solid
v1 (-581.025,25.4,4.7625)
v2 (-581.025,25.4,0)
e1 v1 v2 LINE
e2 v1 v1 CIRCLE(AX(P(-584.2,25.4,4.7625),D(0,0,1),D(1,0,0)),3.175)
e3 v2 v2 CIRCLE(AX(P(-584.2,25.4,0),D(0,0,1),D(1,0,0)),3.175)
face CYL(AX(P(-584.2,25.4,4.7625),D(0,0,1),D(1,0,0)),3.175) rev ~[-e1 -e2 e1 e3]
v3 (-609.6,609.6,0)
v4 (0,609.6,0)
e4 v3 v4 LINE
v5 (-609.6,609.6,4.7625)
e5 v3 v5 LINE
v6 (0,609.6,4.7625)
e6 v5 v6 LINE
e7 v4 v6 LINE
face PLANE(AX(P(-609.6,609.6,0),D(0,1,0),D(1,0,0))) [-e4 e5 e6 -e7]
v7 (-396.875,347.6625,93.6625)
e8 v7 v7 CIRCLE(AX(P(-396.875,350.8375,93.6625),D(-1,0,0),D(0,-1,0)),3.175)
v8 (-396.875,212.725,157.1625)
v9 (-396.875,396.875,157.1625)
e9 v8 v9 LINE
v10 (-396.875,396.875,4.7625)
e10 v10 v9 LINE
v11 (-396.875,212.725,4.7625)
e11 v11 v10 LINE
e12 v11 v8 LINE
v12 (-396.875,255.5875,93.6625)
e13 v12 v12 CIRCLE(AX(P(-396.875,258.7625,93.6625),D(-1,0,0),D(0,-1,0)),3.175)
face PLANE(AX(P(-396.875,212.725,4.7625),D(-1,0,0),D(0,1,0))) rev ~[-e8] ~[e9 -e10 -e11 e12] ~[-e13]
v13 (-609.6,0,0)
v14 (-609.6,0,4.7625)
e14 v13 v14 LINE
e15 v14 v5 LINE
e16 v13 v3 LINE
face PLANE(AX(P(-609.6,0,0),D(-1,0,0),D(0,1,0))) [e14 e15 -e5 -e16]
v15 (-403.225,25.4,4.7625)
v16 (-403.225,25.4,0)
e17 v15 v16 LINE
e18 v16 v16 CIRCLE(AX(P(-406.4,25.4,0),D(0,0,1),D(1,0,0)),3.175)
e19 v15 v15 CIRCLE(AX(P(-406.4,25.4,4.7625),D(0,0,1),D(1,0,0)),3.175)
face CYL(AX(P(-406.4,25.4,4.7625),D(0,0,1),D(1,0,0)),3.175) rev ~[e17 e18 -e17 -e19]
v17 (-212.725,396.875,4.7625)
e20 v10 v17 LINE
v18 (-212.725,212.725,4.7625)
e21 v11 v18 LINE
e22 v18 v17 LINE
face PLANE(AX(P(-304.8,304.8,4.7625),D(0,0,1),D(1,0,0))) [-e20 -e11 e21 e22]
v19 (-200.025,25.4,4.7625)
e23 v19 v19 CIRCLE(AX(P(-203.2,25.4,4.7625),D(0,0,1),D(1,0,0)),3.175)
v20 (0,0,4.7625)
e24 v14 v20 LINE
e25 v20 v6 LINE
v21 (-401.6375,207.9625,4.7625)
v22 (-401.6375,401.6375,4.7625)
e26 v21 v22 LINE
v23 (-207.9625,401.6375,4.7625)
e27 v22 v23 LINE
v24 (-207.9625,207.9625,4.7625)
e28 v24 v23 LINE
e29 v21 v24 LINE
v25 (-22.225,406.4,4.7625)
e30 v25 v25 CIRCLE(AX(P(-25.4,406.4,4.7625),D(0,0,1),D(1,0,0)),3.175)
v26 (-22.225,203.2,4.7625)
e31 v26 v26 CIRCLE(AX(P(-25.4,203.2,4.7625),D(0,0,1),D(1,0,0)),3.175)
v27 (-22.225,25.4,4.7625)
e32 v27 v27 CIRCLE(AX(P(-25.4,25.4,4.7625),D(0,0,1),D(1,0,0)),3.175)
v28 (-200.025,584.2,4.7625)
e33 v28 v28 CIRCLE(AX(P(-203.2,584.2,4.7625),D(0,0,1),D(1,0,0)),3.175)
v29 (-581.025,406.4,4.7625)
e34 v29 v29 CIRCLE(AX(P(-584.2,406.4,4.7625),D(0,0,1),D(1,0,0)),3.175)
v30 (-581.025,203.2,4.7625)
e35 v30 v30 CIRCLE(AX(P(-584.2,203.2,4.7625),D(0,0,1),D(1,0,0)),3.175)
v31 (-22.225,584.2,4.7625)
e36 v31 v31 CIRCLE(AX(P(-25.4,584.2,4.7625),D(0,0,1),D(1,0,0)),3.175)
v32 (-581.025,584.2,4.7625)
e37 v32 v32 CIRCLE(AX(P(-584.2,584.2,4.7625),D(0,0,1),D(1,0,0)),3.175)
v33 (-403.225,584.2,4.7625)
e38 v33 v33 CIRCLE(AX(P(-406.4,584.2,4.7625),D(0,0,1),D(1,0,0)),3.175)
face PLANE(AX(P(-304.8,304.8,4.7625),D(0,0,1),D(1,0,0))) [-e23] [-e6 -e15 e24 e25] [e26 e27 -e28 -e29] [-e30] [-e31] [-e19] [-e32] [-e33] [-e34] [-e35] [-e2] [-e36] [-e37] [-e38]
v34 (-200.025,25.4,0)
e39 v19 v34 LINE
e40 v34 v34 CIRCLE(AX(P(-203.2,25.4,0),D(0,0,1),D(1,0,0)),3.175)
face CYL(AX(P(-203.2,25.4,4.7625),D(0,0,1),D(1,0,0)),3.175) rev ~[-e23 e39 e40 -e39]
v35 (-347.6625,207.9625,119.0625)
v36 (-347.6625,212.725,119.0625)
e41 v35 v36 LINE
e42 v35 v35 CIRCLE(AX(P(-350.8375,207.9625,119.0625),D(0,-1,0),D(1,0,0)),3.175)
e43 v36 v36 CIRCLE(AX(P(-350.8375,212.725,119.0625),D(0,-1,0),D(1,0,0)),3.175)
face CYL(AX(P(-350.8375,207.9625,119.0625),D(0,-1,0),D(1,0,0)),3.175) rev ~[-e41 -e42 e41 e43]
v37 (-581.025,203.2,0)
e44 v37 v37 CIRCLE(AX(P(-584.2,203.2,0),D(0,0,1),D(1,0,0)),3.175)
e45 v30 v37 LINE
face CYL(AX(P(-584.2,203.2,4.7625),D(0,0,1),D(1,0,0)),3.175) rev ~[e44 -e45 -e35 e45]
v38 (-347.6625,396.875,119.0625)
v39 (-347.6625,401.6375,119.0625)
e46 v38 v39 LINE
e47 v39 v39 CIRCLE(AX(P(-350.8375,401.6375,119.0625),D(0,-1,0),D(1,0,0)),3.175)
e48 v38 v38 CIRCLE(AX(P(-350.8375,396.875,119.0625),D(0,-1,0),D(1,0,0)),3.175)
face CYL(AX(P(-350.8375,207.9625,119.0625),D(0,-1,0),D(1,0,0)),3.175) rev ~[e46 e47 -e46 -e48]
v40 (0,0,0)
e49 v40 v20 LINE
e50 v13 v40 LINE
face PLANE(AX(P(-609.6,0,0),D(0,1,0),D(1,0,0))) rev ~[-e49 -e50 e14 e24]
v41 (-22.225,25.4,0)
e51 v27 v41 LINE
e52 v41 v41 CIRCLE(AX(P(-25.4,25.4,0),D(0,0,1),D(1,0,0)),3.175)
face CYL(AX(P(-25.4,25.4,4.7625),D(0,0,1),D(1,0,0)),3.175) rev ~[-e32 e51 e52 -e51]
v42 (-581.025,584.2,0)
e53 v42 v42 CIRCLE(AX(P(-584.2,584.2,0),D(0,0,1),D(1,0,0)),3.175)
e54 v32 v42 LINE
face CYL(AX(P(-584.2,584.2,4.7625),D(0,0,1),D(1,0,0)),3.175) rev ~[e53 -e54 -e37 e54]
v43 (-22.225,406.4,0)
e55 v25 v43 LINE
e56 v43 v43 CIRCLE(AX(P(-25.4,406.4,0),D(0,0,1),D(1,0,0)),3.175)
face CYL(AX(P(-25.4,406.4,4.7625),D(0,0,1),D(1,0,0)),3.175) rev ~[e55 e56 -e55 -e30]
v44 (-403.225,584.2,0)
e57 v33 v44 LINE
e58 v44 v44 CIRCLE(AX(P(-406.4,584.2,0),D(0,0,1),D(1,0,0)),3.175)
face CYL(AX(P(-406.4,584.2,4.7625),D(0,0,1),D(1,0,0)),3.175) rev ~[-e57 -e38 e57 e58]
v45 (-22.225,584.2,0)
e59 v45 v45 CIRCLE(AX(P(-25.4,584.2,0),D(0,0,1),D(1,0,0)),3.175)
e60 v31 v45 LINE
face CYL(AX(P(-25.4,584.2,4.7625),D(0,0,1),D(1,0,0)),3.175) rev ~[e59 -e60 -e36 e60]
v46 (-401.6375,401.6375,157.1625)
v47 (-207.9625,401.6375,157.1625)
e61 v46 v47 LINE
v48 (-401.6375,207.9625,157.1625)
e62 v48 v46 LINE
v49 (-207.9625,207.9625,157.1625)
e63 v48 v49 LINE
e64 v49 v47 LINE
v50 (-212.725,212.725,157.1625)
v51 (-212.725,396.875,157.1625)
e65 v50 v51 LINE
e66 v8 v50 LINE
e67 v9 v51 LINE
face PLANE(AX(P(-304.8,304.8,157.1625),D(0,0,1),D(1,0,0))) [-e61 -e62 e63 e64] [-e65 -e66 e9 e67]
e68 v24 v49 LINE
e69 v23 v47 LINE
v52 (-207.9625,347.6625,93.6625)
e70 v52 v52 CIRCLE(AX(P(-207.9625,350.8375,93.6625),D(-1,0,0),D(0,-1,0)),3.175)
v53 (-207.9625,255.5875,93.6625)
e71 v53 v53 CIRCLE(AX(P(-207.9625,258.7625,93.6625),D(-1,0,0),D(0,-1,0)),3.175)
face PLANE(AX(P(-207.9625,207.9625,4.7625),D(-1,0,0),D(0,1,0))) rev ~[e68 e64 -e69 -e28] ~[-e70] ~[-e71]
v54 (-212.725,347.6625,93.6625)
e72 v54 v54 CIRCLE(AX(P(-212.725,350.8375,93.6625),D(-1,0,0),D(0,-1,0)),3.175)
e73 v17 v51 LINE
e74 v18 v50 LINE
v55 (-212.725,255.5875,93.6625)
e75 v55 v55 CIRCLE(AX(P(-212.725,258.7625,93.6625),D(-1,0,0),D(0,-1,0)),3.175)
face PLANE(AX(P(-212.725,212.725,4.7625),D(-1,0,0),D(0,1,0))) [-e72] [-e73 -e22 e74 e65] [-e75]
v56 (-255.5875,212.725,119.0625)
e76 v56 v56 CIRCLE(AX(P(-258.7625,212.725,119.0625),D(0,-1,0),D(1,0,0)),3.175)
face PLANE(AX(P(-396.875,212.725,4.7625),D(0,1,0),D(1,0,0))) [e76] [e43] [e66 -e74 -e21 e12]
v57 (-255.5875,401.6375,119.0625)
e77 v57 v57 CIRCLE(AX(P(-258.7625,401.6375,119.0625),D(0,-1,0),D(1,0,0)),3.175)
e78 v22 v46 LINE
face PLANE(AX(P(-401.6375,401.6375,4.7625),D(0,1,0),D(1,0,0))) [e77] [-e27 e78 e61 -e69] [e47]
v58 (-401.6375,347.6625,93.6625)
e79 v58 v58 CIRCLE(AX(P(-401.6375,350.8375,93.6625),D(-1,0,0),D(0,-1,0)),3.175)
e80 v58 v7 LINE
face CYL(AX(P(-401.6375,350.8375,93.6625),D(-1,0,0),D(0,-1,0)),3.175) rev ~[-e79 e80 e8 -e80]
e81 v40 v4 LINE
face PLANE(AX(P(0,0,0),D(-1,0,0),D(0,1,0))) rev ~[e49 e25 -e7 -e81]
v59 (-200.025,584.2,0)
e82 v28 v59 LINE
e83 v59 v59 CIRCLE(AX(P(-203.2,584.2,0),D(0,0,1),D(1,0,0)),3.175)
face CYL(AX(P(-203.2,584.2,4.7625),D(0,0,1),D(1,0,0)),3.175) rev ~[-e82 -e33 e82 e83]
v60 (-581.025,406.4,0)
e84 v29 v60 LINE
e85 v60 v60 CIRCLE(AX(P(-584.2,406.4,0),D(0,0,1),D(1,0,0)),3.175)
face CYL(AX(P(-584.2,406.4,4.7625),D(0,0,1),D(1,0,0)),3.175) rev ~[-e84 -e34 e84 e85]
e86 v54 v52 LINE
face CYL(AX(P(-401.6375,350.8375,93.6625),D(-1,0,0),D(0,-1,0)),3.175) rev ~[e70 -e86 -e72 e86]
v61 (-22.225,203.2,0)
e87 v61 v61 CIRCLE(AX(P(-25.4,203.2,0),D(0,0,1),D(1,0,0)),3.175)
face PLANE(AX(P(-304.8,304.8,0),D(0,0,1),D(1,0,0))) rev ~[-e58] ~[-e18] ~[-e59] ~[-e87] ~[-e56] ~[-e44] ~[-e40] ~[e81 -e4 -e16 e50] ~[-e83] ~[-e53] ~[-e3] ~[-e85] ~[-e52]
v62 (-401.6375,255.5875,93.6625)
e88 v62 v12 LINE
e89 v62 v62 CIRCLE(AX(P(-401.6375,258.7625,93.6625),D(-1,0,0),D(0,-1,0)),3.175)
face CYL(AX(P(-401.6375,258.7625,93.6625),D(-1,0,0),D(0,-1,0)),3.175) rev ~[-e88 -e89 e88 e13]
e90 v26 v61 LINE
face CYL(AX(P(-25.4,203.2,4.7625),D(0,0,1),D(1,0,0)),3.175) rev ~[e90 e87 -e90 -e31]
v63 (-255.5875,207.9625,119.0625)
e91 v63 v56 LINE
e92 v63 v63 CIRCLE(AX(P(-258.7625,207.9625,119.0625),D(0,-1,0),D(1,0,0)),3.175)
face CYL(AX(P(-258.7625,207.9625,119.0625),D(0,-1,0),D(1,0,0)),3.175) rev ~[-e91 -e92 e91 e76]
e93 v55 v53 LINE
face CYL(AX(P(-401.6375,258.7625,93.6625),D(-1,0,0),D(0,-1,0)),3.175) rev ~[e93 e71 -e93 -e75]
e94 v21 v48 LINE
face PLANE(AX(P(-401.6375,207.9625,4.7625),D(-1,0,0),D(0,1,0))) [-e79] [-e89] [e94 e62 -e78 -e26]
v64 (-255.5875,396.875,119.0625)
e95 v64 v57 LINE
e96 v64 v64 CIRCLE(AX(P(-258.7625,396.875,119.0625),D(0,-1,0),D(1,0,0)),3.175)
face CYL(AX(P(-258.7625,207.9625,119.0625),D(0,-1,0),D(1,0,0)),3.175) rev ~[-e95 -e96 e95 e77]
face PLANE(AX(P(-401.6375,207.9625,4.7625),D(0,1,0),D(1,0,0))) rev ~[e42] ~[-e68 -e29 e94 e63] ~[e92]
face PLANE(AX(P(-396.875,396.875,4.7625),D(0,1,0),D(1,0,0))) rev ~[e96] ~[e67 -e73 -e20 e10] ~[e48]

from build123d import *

# Parameters (mm, degrees)
F0_W     = 609.6
F0_H     = 609.6
F1_DEPTH = 4.7625
F2_W     = 193.675
F2_H     = 193.675
F2_W_2   = 184.15
F2_H_2   = 184.15
F3_DEPTH = 152.4
F4_R     = 3.175
F5_DEPTH = 25.4
F6_R     = 3.175
F7_DEPTH = 401.6385
F8_R     = 3.175
F9_DEPTH = 401.6385


with BuildPart() as f1:
    # F0 (on Top) → F1 (new body)
    with BuildSketch(Plane.XY):
        with Locations((-304.8, 304.8)):
            Rectangle(F0_W, F0_H)
    extrude(amount=F1_DEPTH)

    # F2 (on face) → F3 (join)
    with BuildSketch(Plane.XY.offset(4.7625)):
        with Locations((-304.8, 304.8)):
            Rectangle(F2_W, F2_H)
        with Locations((-304.8, 304.8)):
            Rectangle(F2_W_2, F2_H_2, mode=Mode.SUBTRACT)
    extrude(amount=F3_DEPTH)

    # F4 (on face) → F5 (cut)
    with BuildSketch(Plane.XY.offset(4.7625)):
        with Locations((-25.4, 584.2)):
            Circle(F4_R)
        with Locations((-25.4, 25.4)):
            Circle(F4_R)
        with Locations((-584.2, 584.2)):
            Circle(F4_R)
        with Locations((-584.2, 25.4)):
            Circle(F4_R)
        with Locations((-25.4, 406.4)):
            Circle(F4_R)
        with Locations((-25.4, 203.2)):
            Circle(F4_R)
        with Locations((-584.2, 406.4)):
            Circle(F4_R)
        with Locations((-584.2, 203.2)):
            Circle(F4_R)
        with Locations((-406.4, 25.4)):
            Circle(F4_R)
        with Locations((-406.4, 584.2)):
            Circle(F4_R)
        with Locations((-203.2, 25.4)):
            Circle(F4_R)
        with Locations((-203.2, 584.2)):
            Circle(F4_R)
    extrude(amount=-F5_DEPTH, mode=Mode.SUBTRACT)

    # F6 (on face) → F7 (cut, through all)
    with BuildSketch(Plane.XZ.offset(-207.9625)):
        with Locations((-350.8375, 119.0625)):
            Circle(F6_R)
        with Locations((-258.7625, 119.0625)):
            Circle(F6_R)
    extrude(amount=-F7_DEPTH, mode=Mode.SUBTRACT)

    # F8 (on face) → F9 (cut, through all)
    with BuildSketch(Plane(origin=(-401.6375, 0, 0), x_dir=(0, -1, 0), z_dir=(-1, 0, 0))):
        with Locations((-258.7625, 93.6625)):
            Circle(F8_R)
        with Locations((-350.8375, 93.6625)):
            Circle(F8_R)
    extrude(amount=-F9_DEPTH, mode=Mode.SUBTRACT)


solid = f1.part
